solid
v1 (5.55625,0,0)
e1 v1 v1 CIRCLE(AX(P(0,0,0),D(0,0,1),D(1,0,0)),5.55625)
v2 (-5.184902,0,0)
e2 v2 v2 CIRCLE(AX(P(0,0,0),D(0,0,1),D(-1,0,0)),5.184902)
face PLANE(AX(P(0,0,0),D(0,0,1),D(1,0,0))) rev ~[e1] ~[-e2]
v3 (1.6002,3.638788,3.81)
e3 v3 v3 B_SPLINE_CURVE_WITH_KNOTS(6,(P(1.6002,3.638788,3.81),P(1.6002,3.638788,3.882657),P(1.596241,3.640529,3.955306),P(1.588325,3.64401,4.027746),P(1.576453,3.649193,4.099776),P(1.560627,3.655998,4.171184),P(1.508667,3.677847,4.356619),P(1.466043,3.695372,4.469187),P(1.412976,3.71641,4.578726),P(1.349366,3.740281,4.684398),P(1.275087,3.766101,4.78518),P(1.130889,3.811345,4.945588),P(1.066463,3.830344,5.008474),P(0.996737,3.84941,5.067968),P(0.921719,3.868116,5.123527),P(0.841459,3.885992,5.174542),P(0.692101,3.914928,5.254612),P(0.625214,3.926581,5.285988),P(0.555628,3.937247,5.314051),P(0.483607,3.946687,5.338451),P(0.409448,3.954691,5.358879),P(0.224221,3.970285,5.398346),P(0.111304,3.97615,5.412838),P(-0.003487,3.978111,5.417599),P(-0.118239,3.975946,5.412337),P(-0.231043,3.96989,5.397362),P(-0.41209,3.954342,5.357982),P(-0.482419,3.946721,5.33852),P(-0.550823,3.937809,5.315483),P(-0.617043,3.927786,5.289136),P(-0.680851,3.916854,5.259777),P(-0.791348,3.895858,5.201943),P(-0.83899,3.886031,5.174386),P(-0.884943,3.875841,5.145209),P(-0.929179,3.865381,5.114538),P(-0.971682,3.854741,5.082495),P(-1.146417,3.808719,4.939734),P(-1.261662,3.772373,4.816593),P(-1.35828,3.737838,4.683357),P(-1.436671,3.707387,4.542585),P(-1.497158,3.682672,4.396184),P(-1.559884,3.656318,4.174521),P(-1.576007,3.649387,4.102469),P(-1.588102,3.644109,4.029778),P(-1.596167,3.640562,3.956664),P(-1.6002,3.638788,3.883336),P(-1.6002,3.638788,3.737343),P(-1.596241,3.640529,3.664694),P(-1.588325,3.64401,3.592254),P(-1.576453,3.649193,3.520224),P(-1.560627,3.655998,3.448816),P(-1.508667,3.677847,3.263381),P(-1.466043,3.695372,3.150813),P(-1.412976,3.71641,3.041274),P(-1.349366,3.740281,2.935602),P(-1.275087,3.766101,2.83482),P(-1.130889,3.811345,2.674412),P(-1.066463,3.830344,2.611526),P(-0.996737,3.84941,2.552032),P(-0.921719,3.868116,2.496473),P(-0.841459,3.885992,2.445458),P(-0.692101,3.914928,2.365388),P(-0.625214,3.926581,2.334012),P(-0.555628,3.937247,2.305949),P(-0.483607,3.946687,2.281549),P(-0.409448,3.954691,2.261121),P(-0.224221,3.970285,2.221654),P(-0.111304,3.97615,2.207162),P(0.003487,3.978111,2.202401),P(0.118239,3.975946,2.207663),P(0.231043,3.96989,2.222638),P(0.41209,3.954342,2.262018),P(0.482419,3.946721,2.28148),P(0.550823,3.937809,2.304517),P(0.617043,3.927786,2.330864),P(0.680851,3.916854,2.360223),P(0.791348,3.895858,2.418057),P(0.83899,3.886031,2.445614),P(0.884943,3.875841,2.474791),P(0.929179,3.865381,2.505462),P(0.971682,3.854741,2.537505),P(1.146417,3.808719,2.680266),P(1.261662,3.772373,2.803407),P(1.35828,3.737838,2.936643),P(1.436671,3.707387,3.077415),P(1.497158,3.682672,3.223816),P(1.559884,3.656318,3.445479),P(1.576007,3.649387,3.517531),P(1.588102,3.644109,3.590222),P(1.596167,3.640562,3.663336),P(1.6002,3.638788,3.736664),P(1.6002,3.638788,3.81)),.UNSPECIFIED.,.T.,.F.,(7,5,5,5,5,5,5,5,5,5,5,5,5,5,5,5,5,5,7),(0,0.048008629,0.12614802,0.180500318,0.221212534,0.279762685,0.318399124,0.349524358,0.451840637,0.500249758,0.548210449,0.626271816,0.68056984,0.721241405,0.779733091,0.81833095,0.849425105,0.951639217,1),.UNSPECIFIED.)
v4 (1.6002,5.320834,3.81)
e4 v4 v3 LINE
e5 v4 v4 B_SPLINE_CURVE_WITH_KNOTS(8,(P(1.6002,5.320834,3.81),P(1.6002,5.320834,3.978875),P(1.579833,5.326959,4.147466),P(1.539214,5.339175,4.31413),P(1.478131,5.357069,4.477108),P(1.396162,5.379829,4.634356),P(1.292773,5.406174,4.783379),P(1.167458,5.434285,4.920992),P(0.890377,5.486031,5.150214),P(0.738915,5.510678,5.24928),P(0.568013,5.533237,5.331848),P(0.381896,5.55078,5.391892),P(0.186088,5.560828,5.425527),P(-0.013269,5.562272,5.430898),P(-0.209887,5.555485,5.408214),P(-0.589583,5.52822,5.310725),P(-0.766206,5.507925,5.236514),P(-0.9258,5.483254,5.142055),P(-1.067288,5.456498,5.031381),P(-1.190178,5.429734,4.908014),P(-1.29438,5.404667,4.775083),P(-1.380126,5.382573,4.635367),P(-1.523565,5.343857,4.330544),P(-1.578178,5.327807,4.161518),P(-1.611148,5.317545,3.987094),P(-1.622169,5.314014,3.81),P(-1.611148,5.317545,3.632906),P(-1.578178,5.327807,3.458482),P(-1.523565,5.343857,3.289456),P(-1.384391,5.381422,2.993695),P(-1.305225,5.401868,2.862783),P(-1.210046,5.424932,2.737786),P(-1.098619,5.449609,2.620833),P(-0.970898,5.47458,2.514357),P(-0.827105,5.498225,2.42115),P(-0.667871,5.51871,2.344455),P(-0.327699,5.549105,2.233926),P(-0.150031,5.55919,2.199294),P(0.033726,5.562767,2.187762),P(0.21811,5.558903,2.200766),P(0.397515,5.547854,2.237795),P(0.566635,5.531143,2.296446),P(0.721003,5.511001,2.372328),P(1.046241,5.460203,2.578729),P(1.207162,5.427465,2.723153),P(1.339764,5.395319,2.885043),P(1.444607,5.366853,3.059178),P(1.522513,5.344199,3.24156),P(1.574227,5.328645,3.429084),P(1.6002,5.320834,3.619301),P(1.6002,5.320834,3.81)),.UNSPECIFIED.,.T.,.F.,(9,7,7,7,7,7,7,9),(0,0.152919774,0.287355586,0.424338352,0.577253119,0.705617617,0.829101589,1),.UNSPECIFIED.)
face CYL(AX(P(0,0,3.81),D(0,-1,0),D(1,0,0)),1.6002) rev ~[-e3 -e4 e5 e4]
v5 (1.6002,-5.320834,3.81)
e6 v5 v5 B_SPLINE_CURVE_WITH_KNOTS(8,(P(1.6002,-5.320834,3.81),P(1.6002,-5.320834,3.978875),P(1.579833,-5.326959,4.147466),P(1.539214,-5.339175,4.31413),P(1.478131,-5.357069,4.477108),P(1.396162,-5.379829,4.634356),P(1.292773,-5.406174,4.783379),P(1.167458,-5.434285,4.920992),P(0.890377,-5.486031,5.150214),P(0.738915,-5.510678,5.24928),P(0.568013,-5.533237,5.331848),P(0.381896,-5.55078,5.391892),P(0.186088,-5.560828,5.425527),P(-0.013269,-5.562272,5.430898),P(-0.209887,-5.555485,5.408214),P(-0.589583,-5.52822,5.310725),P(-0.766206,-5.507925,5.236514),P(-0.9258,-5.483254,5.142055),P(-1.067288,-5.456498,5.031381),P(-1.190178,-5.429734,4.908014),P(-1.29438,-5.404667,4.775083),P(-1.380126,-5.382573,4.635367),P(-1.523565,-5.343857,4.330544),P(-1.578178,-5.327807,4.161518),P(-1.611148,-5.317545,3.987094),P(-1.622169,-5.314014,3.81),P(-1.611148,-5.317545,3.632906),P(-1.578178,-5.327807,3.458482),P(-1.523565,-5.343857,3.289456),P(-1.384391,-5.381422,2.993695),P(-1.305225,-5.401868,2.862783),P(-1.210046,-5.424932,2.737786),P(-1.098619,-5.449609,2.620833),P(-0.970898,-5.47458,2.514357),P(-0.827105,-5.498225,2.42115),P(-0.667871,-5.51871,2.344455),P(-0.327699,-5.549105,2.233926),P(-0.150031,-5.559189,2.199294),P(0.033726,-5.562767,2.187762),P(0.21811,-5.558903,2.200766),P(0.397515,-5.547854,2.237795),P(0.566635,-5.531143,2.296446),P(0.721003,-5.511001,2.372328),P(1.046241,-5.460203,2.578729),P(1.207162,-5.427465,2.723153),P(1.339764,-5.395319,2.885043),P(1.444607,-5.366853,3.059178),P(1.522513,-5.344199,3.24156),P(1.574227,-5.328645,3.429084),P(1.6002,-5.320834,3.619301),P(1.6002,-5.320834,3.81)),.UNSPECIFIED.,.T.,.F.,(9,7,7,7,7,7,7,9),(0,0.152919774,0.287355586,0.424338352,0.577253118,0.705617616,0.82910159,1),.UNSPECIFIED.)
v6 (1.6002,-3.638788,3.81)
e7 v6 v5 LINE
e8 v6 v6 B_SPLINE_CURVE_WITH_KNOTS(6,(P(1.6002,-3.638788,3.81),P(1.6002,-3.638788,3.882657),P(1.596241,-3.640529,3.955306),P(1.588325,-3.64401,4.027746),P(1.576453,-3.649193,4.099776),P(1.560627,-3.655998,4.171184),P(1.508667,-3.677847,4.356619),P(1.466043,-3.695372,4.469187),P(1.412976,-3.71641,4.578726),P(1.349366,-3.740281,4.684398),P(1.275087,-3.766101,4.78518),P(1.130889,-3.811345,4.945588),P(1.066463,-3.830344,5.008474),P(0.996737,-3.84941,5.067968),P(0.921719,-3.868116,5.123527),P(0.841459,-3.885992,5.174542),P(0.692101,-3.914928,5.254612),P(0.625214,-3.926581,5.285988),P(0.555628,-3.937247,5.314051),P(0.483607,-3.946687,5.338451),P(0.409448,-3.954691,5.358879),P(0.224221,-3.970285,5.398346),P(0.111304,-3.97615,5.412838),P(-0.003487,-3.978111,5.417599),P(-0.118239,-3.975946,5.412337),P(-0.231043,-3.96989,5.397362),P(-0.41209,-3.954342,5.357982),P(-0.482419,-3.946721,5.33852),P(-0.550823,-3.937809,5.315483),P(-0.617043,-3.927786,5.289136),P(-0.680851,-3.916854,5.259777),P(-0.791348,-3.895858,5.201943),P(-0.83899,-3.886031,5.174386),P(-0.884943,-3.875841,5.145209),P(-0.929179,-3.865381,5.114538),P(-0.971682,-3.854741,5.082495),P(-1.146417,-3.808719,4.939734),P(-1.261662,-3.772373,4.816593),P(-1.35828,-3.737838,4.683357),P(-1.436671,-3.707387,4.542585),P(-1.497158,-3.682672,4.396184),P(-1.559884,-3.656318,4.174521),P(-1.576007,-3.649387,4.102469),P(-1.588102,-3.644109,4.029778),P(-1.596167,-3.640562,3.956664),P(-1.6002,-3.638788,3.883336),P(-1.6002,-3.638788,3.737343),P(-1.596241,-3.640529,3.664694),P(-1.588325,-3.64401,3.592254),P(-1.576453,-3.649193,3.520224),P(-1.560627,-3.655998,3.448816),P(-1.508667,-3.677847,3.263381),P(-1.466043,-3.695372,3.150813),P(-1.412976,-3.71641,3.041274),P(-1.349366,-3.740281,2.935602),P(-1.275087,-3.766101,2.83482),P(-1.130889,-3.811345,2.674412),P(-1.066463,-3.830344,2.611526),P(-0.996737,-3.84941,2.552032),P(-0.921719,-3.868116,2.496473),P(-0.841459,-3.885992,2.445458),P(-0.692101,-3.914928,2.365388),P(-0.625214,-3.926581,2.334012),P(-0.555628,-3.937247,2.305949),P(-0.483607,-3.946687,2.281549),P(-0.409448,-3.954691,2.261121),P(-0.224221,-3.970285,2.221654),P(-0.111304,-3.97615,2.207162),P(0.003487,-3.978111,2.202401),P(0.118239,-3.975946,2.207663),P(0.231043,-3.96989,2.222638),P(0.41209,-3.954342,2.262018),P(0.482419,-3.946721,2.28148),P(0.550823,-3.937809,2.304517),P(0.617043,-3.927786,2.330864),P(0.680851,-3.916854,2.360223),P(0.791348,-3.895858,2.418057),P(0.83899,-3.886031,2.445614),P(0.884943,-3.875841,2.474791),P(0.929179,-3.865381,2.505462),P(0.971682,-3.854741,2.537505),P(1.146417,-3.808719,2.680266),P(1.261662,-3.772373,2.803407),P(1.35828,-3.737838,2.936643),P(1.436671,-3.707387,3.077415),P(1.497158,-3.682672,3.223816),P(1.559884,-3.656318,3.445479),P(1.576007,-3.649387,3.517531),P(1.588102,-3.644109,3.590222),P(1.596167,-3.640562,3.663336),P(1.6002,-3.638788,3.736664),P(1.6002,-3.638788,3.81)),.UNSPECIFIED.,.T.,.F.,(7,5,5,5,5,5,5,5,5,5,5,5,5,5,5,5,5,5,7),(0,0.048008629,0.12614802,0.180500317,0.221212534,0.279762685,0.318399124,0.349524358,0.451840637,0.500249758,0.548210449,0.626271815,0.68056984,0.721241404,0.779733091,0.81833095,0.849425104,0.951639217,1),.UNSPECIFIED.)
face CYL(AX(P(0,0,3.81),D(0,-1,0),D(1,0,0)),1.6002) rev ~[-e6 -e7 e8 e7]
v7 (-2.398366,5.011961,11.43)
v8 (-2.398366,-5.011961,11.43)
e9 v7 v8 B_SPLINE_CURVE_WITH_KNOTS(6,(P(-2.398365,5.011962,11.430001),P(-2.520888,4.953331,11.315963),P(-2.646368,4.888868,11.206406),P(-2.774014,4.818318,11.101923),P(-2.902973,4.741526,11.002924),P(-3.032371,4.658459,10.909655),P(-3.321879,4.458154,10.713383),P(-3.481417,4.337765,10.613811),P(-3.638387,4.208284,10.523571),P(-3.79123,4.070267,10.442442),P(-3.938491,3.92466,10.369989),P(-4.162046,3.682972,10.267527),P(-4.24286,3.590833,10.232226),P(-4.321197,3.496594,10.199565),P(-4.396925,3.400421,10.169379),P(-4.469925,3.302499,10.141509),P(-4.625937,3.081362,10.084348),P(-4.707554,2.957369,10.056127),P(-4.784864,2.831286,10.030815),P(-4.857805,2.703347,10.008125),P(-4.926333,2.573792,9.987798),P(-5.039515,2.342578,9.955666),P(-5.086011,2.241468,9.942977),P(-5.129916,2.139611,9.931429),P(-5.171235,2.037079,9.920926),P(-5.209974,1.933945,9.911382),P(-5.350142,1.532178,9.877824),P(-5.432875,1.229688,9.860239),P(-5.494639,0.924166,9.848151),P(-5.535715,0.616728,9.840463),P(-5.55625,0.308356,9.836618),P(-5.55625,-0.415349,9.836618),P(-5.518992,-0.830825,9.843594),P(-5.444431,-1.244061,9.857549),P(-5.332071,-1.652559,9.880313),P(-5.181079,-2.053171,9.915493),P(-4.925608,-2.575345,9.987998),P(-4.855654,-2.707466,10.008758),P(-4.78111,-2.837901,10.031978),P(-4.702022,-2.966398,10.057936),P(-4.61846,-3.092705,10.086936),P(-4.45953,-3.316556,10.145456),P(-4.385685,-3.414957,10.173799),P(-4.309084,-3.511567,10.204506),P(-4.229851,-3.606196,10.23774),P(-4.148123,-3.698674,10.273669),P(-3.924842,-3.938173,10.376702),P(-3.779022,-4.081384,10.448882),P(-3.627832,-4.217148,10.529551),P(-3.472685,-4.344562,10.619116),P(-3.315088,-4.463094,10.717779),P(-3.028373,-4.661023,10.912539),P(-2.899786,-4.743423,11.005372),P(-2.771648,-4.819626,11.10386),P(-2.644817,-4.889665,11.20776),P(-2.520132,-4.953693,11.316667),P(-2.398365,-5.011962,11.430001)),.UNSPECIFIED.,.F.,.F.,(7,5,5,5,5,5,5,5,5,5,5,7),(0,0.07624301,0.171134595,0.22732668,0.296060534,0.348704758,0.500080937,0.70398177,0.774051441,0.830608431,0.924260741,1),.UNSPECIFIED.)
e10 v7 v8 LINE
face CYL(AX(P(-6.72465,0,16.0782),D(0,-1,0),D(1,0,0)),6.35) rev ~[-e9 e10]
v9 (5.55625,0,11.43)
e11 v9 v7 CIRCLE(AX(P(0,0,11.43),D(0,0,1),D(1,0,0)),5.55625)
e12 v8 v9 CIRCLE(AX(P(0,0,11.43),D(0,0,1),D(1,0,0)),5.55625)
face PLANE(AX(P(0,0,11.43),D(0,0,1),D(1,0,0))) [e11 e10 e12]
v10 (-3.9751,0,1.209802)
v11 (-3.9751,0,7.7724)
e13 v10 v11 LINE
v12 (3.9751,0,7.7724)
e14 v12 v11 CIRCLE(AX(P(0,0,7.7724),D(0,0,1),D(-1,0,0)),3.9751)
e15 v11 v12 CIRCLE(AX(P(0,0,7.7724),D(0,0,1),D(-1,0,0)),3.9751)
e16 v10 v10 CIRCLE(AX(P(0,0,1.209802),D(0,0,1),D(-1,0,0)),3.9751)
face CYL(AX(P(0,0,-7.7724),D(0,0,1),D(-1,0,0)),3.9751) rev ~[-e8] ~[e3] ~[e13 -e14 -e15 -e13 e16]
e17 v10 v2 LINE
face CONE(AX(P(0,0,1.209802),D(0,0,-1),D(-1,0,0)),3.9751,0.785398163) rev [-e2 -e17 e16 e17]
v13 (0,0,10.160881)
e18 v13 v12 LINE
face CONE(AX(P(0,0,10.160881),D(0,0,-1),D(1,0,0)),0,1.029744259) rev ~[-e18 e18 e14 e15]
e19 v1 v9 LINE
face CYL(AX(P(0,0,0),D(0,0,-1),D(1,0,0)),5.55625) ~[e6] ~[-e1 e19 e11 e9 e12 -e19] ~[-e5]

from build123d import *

# Parameters (mm, degrees)
F0_R     = 5.55625
F1_DEPTH = 11.43
F3_D     = 7.9502
F3_DEPTH = 7.7724
F3_TIP   = 2.3884810467
F4_R     = 6.35
F5_DEPTH = 12.7
F6_R     = 1.6002
F7_DEPTH = 12.7


with BuildPart() as f1:
    # F0 (on Top) → F1 (new body)
    with BuildSketch(Plane.XY):
        Circle(F0_R)
    extrude(amount=F1_DEPTH)

    # F3
    with Locations(Plane(origin=(0, 0, 0), x_dir=(1, 0, 0), z_dir=(0, 0, -1))):
        with Locations((0, 0)):
            Hole(F3_D / 2, depth=F3_DEPTH)
            with Locations((0, 0, -(F3_DEPTH + F3_TIP / 2))):  # 118° drill point
                Cone(0, F3_D / 2, F3_TIP, mode=Mode.SUBTRACT)

    # F4 (on Front) → F5 (cut, symmetric)
    with BuildSketch(Plane.XZ):
        with Locations((-6.72465, 16.0782)):
            Circle(F4_R)
    extrude(amount=F5_DEPTH, both=True, mode=Mode.SUBTRACT)

    # F6 (on Front) → F7 (cut, symmetric)
    with BuildSketch(Plane.XZ):
        with Locations((0, 3.81)):
            Circle(F6_R)
    extrude(amount=F7_DEPTH, both=True, mode=Mode.SUBTRACT)

    # F8 (on Front) → F9 (revolve, cut)
    with BuildSketch(Plane.XZ):
        Polygon((-3.9751, 0), (-3.9751, 1.209802), (-5.184902, 0), align=None)
    revolve(axis=Axis((0, 0, 6.5590362065), (0, 0, 1)), mode=Mode.SUBTRACT)


solid = f1.part
